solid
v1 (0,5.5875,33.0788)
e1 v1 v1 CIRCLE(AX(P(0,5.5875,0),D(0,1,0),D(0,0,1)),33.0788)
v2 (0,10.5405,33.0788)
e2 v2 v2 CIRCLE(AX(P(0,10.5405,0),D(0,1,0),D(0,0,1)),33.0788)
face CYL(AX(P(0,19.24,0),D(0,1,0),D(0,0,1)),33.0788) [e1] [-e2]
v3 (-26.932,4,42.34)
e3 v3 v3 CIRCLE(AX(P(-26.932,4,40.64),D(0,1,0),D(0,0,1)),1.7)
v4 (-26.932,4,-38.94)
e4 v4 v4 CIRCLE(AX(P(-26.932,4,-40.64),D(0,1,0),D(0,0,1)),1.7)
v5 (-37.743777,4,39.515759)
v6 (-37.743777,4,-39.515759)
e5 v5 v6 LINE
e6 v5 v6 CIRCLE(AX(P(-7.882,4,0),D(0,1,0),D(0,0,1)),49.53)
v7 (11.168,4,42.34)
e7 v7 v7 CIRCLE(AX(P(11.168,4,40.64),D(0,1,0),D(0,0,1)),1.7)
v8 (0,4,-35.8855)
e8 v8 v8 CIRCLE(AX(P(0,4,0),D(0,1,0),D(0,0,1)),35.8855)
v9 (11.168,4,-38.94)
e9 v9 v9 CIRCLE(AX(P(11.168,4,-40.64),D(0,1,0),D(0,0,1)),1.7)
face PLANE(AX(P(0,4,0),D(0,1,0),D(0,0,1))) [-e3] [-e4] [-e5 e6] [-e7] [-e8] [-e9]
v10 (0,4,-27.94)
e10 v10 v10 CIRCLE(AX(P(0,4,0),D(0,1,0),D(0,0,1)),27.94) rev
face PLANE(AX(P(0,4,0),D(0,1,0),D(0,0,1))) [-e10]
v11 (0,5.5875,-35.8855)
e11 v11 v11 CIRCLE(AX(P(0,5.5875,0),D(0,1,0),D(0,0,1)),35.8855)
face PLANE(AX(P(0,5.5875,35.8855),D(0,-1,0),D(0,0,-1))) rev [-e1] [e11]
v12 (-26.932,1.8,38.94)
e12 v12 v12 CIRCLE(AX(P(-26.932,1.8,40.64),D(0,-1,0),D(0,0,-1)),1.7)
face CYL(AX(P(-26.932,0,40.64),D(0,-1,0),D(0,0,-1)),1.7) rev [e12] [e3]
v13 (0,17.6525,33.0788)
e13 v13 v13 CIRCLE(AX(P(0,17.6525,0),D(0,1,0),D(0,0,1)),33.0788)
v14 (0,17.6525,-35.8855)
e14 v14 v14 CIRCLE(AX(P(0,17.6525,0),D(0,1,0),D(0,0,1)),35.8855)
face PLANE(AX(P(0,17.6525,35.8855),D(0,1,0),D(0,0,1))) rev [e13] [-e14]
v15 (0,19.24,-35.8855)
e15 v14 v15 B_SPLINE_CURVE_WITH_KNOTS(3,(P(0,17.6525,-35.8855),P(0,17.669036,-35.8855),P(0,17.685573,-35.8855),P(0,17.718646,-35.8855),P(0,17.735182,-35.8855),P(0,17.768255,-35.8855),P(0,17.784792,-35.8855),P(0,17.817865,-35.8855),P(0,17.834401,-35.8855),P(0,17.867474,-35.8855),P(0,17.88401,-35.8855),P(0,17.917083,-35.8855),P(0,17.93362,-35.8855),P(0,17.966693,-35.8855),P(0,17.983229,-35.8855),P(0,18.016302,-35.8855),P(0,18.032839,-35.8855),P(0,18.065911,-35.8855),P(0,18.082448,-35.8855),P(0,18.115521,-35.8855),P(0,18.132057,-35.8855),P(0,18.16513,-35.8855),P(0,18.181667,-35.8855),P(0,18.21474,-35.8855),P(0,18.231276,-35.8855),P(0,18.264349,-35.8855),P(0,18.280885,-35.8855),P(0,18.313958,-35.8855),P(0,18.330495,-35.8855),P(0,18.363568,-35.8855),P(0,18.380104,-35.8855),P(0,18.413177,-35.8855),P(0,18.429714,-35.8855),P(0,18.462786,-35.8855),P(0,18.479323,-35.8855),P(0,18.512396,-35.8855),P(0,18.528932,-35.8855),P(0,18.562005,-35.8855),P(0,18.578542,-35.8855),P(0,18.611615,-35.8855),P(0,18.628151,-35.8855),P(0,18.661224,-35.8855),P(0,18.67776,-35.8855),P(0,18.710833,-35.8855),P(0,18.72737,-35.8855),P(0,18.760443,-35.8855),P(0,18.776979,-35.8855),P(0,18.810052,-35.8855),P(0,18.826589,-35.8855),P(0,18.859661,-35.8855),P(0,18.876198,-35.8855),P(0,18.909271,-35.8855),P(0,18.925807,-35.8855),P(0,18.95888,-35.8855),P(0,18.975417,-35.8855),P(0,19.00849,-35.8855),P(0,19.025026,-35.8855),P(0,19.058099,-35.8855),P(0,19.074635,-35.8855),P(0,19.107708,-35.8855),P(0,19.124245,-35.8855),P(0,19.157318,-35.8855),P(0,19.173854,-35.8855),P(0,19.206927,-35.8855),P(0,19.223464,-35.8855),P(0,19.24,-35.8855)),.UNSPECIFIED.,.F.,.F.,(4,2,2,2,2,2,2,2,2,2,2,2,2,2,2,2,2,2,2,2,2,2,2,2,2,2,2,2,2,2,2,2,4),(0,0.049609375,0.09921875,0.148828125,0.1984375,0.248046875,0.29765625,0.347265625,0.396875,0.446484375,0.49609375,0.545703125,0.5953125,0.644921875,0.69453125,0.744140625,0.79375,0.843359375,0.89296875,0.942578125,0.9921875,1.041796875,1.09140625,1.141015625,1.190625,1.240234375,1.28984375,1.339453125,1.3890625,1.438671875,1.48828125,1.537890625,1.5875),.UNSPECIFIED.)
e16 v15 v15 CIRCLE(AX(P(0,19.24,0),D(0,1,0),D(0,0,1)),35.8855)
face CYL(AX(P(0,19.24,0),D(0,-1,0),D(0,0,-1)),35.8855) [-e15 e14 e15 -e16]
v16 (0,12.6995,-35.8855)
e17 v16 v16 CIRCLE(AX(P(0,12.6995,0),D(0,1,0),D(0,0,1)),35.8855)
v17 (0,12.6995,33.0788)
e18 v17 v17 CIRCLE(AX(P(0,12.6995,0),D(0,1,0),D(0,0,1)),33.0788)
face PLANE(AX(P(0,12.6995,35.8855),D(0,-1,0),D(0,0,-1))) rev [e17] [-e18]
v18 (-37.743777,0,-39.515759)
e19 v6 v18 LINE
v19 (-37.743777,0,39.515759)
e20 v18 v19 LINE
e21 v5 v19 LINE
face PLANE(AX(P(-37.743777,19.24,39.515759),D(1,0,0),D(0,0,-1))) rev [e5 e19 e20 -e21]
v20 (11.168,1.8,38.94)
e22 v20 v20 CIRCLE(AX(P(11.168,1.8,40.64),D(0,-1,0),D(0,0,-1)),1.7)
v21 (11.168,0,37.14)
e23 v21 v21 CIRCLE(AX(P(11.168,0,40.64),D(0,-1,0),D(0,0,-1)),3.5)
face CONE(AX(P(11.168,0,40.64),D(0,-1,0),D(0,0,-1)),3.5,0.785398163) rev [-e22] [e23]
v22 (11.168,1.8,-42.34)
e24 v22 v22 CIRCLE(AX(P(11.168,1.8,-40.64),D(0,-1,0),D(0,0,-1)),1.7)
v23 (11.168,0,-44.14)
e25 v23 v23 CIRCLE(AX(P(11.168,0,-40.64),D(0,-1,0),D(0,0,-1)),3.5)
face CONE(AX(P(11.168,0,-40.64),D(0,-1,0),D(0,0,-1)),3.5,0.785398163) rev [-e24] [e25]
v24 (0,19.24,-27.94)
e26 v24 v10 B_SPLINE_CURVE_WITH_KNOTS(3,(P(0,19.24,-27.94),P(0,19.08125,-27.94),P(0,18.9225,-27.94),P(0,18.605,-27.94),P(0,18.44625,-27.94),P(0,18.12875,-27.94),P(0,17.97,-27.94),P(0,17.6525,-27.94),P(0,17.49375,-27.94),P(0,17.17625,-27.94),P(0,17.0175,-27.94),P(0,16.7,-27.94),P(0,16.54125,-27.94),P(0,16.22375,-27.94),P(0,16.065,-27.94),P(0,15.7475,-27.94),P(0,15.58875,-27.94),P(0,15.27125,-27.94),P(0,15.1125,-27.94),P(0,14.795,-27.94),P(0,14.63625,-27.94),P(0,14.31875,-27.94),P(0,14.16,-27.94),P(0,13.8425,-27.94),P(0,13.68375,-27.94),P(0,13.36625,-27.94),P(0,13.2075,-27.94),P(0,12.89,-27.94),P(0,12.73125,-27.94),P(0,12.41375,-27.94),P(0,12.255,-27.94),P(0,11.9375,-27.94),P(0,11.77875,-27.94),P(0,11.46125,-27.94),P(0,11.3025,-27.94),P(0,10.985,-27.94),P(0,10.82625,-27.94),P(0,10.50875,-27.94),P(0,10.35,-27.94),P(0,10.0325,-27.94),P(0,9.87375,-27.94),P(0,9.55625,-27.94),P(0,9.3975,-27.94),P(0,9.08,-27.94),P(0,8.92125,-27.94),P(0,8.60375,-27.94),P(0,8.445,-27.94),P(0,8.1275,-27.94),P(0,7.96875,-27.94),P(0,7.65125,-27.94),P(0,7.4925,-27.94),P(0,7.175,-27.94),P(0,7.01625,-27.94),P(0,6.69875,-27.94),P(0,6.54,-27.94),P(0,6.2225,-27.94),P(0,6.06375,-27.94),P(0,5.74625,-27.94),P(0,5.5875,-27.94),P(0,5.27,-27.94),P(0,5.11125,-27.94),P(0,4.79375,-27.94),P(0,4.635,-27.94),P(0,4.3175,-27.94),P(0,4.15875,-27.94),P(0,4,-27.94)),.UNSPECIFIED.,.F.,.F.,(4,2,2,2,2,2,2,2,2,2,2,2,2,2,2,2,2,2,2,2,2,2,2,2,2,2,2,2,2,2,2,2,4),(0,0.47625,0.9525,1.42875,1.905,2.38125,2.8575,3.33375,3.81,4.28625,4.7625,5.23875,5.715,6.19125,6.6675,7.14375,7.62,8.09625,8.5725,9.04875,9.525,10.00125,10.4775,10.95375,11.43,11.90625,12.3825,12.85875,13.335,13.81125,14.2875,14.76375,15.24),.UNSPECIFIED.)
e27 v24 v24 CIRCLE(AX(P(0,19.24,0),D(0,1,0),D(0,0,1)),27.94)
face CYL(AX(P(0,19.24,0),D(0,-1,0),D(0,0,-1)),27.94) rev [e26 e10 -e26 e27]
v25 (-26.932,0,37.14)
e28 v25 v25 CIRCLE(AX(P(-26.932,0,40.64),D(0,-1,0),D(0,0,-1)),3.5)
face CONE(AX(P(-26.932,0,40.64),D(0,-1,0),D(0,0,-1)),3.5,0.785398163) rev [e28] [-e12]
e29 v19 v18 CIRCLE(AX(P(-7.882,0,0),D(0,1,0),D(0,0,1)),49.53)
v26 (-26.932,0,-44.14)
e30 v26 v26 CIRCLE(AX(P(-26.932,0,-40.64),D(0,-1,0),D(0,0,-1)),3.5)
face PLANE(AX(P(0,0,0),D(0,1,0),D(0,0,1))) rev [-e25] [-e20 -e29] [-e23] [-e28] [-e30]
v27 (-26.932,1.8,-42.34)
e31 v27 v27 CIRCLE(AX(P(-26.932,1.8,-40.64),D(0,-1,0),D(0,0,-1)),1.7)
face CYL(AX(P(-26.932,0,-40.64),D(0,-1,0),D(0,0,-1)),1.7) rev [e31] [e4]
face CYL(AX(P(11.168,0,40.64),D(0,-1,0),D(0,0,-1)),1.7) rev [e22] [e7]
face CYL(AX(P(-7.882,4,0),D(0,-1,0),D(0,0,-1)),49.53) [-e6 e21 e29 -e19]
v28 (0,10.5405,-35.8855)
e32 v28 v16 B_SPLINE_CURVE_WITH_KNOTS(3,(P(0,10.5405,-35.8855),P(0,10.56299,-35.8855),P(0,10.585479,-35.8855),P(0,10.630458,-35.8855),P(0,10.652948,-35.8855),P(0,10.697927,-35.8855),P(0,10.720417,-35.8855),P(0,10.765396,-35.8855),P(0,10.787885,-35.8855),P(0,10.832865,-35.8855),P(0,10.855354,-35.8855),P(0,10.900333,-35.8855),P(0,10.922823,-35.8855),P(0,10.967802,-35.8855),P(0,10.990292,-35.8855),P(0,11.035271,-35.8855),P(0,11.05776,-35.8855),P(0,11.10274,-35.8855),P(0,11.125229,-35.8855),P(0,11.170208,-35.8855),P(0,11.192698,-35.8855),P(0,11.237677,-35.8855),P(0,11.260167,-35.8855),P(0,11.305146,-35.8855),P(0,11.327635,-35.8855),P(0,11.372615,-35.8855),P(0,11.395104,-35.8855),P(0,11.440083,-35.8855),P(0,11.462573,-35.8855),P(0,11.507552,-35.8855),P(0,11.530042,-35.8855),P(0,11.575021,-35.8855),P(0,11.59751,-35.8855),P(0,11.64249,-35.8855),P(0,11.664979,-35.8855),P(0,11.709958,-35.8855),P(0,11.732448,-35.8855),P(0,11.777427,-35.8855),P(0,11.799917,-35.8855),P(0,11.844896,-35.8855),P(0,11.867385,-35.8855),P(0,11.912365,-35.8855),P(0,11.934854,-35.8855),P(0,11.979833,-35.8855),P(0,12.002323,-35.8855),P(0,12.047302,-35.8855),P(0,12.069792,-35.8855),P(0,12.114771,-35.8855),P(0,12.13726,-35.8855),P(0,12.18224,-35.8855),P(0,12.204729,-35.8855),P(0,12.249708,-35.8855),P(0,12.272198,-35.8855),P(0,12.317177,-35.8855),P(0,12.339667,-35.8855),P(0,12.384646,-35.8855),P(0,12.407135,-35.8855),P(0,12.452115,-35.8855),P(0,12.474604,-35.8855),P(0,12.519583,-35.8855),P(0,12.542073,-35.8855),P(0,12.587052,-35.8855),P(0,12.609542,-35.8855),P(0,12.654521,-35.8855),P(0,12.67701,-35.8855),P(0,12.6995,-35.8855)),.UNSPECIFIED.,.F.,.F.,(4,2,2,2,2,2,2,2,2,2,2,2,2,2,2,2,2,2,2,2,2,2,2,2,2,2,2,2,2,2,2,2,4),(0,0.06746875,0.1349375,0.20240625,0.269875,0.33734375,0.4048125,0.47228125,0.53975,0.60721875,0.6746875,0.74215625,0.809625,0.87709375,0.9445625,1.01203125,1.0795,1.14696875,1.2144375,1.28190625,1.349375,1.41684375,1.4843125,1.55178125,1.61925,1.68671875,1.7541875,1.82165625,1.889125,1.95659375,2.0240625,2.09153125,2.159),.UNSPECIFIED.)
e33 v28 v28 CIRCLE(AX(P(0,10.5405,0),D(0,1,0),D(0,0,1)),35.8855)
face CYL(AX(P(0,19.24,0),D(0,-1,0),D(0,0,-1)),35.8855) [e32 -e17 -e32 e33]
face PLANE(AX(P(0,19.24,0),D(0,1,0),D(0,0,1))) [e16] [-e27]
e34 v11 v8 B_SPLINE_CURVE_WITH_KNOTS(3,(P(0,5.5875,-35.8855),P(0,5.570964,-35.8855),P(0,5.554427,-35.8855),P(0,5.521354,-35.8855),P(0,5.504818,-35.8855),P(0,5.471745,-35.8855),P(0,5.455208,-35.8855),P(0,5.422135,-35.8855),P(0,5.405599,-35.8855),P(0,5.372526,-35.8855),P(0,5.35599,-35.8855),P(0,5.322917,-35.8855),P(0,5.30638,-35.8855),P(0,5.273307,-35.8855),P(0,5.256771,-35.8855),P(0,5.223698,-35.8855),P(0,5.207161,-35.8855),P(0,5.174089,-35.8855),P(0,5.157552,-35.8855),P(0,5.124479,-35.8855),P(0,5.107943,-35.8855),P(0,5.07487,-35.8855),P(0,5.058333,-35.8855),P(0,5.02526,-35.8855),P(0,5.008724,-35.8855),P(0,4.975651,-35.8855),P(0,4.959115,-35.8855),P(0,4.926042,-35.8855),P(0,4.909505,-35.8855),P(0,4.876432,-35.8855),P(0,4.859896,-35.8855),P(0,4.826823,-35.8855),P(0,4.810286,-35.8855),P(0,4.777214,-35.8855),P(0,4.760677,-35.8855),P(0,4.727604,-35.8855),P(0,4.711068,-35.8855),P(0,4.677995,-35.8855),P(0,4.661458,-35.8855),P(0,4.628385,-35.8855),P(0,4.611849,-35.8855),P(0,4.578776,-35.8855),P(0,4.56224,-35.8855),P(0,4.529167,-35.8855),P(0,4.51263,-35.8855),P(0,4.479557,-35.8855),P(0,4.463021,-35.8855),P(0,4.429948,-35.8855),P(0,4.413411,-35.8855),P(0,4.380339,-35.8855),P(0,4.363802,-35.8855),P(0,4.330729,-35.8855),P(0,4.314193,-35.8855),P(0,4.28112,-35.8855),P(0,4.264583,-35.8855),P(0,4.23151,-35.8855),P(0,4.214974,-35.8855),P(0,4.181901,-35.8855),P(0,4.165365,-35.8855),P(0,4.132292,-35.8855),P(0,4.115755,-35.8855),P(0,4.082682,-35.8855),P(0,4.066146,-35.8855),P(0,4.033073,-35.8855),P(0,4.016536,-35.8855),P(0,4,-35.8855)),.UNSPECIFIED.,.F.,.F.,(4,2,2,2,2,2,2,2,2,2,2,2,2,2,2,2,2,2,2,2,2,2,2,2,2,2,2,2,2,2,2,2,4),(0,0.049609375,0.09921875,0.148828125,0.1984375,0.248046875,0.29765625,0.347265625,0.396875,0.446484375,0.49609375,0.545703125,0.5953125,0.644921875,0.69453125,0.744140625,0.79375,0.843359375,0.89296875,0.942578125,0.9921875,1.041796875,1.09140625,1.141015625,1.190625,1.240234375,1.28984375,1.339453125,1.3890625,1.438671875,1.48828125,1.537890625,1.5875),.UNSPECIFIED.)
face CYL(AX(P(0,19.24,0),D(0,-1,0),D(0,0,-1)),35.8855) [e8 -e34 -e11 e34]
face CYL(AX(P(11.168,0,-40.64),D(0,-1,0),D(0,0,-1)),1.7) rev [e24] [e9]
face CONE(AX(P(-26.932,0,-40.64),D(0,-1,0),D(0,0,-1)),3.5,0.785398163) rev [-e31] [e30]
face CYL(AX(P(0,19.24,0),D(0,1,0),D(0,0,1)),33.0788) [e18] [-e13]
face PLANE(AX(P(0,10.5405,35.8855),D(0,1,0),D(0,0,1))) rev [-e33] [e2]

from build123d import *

# Parameters (mm, degrees)
BOSS_EXTRUDE1_DEPTH                             = 4
SKETCH2_R                                       = 35.885499984
SKETCH2_R_2                                     = 27.94
BOSS_EXTRUDE2_DEPTH                             = 15.24
SKETCH5_W                                       = 2.8067
SKETCH5_H                                       = 4.953
SKETCH10_W                                      = 10.702500058
SKETCH10_H                                      = 79.03151748
CUT_EXTRUDE2_DEPTH                              = 72.905773325
CSK_FOR_M3_FLAT_HEAD_MACHINE_SCREW1_D           = 3.4
CSK_FOR_M3_FLAT_HEAD_MACHINE_SCREW1_CSINK_D     = 7
CSK_FOR_M3_FLAT_HEAD_MACHINE_SCREW1_CSINK_ANGLE = 90


with BuildPart() as part:
    # Sketch1 → Boss-Extrude1 (new body)
    with BuildSketch(Plane(origin=(0, 0, 0), x_dir=(1, 0, 0), z_dir=(0, 1, 0))):
        with BuildLine():
            Line((-48.446276818, 28.421125), (-48.446276818, 0))
            Line((-48.446276818, 0), (41.648, 0))
            ThreePointArc((41.648, 0), (7.018876975, 47.235418548), (-48.446276818, 28.421125))
        make_face()
        with BuildLine():
            Line((41.648, 0), (-48.446276818, 0))
            Line((-48.446276818, 0), (-48.446276818, -28.421125))
            ThreePointArc((-48.446276818, -28.421125), (7.018876975, -47.235418548), (41.648, 0))
        make_face()
    extrude(amount=BOSS_EXTRUDE1_DEPTH)

    # Sketch2 → Boss-Extrude2 (add)
    with BuildSketch(Plane(origin=(0, 4, 0), x_dir=(1, 0, 0), z_dir=(0, 1, 0))):
        with Locations(Location((0, 0, 0), (0, 0, 90))):
            Circle(SKETCH2_R)
        with Locations(Location((0, 0, 0), (0, 0, 90))):
            Circle(SKETCH2_R_2, mode=Mode.SUBTRACT)
    extrude(amount=BOSS_EXTRUDE2_DEPTH)

    # Sketch5 → Cut-Revolve1 (revolve, cut)
    with BuildSketch(Plane(origin=(0, 0, 0), x_dir=(0, 0, -1), z_dir=(1, 0, 0)), mode=Mode.PRIVATE) as cut_revolve1_sk:
        with Locations((-34.482149984, 8.064)):
            Rectangle(SKETCH5_W, SKETCH5_H)
        with Locations((-34.482149984, 15.176)):
            Rectangle(SKETCH5_W, SKETCH5_H)
    revolve(cut_revolve1_sk.sketch.rotate(Axis((0, 19.24, 0), (0, -1, 0)), 180), axis=Axis((0, 19.24, 0), (0, -1, 0)), mode=Mode.SUBTRACT)

    # Sketch10 → Cut-Extrude2 (cut, through all)
    with BuildSketch(Plane.XZ):
        with Locations((-43.095026789, 0)):
            Rectangle(SKETCH10_W, SKETCH10_H)
    extrude(amount=-CUT_EXTRUDE2_DEPTH, mode=Mode.SUBTRACT)

    # CSK for M3 Flat Head Machine Screw1 (through all)
    with Locations(Plane(origin=(0, 0, 0), x_dir=(-1, 0, 0), z_dir=(0, -1, 0))):
        with Locations((26.932, -40.64), (-11.168, -40.64), (-11.168, 40.64), (26.932, 40.64)):
            CounterSinkHole(CSK_FOR_M3_FLAT_HEAD_MACHINE_SCREW1_D / 2, CSK_FOR_M3_FLAT_HEAD_MACHINE_SCREW1_CSINK_D / 2, counter_sink_angle=CSK_FOR_M3_FLAT_HEAD_MACHINE_SCREW1_CSINK_ANGLE)


solid = part.part
